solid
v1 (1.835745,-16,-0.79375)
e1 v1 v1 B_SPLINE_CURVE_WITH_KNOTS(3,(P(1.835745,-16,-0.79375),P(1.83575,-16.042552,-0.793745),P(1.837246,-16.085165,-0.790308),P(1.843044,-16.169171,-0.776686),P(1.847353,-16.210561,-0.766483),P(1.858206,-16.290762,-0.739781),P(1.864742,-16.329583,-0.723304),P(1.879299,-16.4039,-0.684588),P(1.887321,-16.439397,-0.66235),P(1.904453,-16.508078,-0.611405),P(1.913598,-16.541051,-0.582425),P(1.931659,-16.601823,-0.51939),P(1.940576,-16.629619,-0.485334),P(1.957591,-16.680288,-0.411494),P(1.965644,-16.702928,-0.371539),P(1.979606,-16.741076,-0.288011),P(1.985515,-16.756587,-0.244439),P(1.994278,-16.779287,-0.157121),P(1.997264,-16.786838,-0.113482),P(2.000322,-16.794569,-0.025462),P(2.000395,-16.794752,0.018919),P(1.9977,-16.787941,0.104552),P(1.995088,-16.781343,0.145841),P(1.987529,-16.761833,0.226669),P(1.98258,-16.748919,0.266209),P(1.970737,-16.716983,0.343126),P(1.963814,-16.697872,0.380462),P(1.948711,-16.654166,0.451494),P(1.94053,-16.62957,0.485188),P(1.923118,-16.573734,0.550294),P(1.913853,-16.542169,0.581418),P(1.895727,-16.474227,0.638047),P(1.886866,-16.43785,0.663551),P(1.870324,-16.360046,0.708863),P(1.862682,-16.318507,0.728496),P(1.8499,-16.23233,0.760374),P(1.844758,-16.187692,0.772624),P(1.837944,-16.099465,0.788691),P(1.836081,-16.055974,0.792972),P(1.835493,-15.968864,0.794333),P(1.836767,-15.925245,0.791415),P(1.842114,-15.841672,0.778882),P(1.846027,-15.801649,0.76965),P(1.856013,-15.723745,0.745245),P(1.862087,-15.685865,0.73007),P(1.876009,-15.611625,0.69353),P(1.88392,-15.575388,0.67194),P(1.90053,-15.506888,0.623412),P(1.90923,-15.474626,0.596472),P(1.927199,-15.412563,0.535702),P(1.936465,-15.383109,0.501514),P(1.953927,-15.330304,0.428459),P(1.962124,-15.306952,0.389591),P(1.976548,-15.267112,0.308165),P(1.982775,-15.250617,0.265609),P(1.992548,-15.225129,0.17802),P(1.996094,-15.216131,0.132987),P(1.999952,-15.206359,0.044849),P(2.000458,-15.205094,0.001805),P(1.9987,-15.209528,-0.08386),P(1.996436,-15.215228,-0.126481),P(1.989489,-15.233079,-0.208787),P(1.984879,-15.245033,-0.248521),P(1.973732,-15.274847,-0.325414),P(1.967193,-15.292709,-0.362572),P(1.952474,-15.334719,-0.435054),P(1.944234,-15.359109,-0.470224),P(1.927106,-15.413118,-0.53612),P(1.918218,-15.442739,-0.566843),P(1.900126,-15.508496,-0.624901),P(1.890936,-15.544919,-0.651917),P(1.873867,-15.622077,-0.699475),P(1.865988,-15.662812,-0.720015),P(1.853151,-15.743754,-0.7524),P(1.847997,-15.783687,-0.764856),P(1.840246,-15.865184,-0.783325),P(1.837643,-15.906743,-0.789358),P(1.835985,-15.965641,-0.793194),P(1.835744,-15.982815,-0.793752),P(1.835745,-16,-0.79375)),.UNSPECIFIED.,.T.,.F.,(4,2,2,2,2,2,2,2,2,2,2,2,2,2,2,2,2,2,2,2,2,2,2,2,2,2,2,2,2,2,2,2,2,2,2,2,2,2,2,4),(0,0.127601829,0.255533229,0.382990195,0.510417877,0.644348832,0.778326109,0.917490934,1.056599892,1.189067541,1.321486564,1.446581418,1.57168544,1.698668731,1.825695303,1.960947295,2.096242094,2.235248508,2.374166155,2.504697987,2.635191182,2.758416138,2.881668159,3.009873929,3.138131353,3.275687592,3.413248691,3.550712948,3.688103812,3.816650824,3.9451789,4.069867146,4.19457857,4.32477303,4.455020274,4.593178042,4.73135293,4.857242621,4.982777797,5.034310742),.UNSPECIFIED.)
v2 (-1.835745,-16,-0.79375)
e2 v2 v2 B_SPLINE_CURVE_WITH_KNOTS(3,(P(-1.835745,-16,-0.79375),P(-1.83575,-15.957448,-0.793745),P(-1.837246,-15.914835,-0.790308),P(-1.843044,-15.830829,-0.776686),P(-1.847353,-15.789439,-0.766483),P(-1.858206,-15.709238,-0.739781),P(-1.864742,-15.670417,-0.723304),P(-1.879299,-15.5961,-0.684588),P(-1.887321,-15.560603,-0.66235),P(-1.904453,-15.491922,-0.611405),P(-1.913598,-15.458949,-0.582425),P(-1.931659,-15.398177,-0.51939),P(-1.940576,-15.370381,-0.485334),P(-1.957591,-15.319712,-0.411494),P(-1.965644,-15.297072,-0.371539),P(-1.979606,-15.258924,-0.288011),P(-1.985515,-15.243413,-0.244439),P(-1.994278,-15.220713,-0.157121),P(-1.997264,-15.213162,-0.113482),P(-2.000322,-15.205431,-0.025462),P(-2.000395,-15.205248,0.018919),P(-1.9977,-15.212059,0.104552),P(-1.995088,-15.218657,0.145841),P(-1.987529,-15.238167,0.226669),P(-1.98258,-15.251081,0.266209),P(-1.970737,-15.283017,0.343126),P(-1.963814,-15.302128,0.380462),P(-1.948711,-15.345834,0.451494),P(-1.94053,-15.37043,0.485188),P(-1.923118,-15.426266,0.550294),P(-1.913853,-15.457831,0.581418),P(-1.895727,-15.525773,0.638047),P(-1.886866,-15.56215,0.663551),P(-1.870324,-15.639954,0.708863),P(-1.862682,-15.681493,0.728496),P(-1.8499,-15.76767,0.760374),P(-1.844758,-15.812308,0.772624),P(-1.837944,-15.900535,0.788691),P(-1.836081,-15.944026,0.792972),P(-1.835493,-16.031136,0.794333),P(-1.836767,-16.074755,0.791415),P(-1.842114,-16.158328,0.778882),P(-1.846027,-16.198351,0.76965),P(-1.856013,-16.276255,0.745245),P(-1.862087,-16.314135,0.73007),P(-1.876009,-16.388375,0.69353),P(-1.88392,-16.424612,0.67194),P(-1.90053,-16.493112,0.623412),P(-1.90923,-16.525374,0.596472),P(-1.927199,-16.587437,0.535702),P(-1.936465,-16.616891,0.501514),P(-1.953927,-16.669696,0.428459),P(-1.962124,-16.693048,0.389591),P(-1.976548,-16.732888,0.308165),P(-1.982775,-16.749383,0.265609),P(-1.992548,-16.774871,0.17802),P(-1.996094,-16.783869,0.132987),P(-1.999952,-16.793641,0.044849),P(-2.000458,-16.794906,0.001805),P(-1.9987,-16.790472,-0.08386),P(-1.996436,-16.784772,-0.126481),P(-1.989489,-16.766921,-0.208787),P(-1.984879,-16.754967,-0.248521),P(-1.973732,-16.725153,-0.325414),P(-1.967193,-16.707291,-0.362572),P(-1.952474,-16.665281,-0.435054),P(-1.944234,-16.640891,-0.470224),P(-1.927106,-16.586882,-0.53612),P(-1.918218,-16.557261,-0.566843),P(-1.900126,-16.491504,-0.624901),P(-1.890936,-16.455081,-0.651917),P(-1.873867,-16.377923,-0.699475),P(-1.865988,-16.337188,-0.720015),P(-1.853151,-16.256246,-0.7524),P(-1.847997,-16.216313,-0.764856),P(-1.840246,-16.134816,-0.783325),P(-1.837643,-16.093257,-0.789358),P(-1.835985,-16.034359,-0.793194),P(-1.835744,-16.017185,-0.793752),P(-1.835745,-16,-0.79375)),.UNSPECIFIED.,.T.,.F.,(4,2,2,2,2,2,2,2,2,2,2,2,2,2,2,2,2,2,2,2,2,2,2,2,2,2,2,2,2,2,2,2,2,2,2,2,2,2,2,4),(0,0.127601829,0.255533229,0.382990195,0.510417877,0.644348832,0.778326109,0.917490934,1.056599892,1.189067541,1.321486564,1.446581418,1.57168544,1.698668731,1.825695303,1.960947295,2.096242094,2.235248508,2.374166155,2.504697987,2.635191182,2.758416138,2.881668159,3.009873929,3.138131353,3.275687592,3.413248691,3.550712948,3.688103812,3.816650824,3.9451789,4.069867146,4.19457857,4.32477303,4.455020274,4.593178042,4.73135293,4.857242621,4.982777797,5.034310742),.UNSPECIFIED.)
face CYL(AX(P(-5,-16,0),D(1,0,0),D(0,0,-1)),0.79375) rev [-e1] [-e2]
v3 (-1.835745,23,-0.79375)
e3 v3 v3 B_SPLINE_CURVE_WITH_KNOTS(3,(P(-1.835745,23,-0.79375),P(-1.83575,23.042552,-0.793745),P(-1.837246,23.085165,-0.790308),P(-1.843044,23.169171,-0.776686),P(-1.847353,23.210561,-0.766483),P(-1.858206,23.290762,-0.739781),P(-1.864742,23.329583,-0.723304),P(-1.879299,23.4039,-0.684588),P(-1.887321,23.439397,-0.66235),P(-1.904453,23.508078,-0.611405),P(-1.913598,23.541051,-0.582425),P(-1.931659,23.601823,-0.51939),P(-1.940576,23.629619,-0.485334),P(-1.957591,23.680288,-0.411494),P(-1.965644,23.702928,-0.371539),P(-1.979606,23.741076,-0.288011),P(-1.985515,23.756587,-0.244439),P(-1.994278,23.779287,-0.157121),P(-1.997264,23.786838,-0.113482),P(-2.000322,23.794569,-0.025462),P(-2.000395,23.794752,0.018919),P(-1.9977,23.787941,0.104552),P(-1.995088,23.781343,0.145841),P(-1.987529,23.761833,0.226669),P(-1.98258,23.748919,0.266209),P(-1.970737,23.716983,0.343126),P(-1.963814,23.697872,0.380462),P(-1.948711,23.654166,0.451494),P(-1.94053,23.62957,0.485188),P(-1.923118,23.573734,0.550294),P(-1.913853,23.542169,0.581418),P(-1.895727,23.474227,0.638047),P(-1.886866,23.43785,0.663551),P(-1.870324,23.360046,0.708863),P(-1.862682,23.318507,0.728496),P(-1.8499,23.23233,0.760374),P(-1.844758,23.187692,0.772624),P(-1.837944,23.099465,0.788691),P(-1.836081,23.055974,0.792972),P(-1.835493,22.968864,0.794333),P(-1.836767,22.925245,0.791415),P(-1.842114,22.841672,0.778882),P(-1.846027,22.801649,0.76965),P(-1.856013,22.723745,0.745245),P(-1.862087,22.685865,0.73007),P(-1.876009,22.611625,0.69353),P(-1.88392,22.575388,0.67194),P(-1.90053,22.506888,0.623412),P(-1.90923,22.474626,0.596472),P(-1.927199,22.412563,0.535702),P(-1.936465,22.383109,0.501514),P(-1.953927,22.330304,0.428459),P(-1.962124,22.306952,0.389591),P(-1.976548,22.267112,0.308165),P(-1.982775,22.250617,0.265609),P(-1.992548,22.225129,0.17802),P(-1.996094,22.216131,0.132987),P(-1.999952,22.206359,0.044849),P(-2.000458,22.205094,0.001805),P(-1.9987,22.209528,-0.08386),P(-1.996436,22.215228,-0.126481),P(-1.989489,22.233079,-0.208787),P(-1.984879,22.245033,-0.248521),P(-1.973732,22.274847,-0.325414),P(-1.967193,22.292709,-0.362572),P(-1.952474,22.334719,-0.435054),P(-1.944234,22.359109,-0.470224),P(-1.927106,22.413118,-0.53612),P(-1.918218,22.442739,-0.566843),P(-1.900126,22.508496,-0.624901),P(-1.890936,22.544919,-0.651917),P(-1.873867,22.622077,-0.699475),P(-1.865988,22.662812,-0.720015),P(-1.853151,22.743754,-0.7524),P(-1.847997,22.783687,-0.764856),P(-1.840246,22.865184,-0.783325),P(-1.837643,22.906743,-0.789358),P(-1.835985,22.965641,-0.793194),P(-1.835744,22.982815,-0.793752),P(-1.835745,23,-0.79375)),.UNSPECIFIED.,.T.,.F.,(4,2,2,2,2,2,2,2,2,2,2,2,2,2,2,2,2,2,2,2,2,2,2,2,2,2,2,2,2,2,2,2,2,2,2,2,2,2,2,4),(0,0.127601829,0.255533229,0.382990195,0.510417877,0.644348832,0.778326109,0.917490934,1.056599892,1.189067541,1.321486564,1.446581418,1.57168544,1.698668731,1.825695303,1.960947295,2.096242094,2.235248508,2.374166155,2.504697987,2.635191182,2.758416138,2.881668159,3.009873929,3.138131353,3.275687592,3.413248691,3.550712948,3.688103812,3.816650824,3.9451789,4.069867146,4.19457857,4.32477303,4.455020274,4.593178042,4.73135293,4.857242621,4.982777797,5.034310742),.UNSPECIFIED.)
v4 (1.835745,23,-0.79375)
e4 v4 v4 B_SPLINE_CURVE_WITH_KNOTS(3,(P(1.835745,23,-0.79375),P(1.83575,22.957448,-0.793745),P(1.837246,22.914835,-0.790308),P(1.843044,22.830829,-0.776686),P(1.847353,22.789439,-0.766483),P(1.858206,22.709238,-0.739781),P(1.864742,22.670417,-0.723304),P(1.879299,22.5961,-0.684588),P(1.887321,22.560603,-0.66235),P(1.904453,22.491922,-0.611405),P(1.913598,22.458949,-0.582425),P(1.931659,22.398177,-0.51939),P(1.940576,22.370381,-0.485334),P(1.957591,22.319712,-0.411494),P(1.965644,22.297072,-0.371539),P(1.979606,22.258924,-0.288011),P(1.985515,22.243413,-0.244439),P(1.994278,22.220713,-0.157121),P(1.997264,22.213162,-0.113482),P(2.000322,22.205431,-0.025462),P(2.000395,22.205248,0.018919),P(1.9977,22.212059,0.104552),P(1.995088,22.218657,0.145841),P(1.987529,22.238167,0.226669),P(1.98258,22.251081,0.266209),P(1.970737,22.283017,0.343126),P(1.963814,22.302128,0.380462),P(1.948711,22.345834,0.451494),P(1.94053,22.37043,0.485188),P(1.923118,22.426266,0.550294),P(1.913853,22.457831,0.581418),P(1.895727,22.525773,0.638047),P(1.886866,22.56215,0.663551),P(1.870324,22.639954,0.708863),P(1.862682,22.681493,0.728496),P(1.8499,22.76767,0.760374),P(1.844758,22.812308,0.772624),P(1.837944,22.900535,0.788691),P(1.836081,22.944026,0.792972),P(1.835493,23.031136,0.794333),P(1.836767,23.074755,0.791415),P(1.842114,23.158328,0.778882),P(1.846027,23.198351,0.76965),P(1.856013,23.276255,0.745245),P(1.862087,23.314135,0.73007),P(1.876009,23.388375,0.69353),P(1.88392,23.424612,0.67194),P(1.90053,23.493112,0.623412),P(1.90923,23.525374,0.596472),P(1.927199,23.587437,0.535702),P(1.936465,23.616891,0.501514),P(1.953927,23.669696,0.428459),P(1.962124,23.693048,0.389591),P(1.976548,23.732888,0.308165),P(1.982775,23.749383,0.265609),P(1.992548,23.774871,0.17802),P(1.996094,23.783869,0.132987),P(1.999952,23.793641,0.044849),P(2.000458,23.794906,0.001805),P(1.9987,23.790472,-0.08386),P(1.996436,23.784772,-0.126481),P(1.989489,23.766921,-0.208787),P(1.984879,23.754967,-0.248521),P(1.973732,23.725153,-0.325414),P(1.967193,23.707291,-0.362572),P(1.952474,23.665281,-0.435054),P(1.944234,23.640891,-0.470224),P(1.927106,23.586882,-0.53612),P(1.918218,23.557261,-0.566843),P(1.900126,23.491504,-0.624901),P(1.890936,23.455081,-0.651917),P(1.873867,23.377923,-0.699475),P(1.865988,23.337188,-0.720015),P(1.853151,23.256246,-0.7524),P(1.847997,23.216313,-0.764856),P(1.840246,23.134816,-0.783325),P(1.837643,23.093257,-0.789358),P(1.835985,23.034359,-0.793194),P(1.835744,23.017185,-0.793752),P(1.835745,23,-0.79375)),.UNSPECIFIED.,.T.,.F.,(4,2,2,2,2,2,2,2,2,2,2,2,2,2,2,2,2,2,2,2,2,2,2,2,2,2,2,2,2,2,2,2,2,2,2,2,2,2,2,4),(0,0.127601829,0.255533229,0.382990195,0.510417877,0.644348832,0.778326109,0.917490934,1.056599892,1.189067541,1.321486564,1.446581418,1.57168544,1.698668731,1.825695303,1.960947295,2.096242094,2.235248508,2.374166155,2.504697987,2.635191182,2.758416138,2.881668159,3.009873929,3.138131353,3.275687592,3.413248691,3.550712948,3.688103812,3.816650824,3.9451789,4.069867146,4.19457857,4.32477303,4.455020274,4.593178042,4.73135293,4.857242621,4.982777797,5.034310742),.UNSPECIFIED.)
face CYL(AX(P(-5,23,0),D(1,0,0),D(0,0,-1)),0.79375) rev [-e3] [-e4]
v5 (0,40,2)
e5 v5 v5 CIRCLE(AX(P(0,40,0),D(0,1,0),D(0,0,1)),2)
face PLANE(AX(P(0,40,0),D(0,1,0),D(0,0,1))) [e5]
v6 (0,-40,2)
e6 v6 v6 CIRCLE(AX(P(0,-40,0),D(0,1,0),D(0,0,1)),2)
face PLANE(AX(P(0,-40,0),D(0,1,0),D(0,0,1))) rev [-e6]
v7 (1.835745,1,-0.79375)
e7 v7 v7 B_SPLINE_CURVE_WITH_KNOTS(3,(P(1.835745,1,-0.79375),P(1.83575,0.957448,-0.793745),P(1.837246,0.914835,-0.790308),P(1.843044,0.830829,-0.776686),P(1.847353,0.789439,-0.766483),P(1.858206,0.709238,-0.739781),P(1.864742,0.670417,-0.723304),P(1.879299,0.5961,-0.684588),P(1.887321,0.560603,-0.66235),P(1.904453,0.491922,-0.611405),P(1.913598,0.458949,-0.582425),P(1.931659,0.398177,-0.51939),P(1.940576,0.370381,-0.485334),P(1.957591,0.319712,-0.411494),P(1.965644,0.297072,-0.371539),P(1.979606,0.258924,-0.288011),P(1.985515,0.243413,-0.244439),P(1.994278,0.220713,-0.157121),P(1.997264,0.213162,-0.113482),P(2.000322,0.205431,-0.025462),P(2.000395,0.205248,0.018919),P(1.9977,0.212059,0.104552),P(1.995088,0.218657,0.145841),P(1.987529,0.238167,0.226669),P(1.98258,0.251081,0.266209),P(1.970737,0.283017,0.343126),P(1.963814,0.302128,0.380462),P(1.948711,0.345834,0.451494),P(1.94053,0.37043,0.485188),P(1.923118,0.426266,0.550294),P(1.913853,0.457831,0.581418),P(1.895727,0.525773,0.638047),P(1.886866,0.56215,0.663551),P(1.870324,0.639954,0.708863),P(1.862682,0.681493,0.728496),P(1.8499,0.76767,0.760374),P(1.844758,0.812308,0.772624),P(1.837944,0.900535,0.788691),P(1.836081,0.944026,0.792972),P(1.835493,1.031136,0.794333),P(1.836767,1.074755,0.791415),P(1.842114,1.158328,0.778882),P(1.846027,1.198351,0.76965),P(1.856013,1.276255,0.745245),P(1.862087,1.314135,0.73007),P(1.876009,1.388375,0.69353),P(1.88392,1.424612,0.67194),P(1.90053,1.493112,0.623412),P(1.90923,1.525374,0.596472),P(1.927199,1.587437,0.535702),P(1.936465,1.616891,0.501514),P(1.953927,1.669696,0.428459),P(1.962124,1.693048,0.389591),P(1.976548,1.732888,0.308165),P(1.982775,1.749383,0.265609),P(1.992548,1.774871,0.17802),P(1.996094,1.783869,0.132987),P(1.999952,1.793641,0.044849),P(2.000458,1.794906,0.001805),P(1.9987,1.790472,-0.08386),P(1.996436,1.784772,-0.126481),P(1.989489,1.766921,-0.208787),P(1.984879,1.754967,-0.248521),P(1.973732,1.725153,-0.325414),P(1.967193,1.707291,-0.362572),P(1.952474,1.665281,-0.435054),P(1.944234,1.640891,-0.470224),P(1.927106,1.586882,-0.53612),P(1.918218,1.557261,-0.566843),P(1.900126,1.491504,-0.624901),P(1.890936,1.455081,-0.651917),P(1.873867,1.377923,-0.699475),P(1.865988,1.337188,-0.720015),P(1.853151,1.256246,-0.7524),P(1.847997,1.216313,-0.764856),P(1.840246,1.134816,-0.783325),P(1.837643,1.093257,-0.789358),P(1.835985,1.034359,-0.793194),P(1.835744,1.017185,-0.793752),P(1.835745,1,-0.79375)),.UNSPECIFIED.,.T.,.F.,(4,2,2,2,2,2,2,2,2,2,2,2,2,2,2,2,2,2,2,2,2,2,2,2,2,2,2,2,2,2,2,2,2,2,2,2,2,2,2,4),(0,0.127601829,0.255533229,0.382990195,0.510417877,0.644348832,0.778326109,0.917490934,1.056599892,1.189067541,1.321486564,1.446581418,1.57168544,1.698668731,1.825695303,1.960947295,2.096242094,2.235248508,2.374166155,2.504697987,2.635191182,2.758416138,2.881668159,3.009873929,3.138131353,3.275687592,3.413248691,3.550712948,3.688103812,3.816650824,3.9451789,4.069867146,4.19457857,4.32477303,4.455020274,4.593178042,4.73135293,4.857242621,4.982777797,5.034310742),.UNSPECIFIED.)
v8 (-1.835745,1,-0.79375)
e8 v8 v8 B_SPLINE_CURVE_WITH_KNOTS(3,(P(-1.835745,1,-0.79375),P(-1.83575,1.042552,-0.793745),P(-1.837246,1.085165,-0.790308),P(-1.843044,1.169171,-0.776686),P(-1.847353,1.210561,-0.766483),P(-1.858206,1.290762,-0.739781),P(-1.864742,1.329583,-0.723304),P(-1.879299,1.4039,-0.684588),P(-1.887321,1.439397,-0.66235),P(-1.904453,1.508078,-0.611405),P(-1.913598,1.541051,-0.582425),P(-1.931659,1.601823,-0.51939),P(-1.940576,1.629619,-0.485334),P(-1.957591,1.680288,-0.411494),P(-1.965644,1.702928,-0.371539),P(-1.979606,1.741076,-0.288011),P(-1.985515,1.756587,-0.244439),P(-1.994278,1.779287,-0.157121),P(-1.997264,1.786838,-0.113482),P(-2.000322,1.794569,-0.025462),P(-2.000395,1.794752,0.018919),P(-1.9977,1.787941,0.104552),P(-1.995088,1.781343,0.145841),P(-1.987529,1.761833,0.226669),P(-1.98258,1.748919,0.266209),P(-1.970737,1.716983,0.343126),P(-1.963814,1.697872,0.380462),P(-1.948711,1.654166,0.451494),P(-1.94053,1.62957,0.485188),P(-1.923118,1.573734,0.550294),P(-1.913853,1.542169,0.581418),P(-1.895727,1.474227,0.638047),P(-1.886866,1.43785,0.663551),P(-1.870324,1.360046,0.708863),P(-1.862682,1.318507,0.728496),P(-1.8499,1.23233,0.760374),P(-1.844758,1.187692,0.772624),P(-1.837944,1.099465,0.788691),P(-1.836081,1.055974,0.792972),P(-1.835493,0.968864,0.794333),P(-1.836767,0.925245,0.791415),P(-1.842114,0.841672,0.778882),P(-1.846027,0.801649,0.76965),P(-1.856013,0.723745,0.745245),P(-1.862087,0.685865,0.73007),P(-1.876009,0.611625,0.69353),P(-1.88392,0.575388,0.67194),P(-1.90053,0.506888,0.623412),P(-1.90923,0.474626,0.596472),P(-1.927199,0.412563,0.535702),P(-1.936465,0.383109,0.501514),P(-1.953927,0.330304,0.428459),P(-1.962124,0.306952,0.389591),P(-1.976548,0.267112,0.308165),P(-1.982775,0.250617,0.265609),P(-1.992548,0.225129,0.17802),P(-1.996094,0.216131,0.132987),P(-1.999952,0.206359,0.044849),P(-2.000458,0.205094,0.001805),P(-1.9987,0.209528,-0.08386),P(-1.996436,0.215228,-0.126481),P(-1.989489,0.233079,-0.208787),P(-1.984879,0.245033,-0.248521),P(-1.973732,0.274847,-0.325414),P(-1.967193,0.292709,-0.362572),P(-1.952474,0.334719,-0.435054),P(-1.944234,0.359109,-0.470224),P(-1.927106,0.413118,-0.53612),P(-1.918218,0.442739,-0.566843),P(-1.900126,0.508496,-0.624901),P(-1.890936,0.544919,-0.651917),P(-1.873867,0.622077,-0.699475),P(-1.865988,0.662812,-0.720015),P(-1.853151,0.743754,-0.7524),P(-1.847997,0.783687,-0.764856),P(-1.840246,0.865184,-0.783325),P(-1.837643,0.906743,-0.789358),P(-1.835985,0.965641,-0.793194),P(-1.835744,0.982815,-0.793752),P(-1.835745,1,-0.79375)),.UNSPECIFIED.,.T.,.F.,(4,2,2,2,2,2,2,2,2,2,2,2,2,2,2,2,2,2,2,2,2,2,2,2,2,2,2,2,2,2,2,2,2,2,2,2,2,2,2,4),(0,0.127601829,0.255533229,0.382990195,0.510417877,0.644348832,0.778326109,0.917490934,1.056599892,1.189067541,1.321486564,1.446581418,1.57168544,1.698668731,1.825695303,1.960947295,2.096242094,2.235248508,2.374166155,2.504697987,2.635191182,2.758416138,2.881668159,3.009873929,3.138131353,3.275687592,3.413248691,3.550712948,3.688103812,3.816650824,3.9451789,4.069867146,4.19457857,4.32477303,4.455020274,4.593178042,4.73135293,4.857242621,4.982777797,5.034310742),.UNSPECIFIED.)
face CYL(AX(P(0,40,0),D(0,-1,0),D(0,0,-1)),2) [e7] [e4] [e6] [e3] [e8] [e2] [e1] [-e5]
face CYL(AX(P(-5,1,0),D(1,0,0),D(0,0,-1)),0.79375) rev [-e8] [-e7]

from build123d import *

# Parameters (mm, degrees)
SKETCH1_R           = 2
BOSS_EXTRUDE1_DEPTH = 40
SKETCH3_R           = 0.79375
CUT_EXTRUDE1_DEPTH  = 5
SKETCH4_R           = 0.79375
CUT_EXTRUDE2_DEPTH  = 5


with BuildPart() as part:
    # Sketch1 → Boss-Extrude1 (new, symmetric)
    with BuildSketch(Plane(origin=(0, 0, 0), x_dir=(1, 0, 0), z_dir=(0, 1, 0))):
        with Locations(Location((0, 0, 0), (0, 0, 270))):
            Circle(SKETCH1_R)
    extrude(amount=BOSS_EXTRUDE1_DEPTH, both=True)

    # Sketch3 → Cut-Extrude1 (cut, symmetric)
    with BuildSketch(Plane(origin=(0, 0, 0), x_dir=(0, 0, -1), z_dir=(1, 0, 0))):
        with Locations((0, 1)):
            Circle(SKETCH3_R)
        with Locations((0, 23)):
            Circle(SKETCH3_R)
    extrude(amount=CUT_EXTRUDE1_DEPTH, both=True, mode=Mode.SUBTRACT)

    # Sketch4 → Cut-Extrude2 (cut, symmetric)
    with BuildSketch(Plane(origin=(0, 0, 0), x_dir=(0, 0, -1), z_dir=(1, 0, 0))):
        with Locations((0, -16)):
            Circle(SKETCH4_R)
    extrude(amount=CUT_EXTRUDE2_DEPTH, both=True, mode=Mode.SUBTRACT)


solid = part.part
